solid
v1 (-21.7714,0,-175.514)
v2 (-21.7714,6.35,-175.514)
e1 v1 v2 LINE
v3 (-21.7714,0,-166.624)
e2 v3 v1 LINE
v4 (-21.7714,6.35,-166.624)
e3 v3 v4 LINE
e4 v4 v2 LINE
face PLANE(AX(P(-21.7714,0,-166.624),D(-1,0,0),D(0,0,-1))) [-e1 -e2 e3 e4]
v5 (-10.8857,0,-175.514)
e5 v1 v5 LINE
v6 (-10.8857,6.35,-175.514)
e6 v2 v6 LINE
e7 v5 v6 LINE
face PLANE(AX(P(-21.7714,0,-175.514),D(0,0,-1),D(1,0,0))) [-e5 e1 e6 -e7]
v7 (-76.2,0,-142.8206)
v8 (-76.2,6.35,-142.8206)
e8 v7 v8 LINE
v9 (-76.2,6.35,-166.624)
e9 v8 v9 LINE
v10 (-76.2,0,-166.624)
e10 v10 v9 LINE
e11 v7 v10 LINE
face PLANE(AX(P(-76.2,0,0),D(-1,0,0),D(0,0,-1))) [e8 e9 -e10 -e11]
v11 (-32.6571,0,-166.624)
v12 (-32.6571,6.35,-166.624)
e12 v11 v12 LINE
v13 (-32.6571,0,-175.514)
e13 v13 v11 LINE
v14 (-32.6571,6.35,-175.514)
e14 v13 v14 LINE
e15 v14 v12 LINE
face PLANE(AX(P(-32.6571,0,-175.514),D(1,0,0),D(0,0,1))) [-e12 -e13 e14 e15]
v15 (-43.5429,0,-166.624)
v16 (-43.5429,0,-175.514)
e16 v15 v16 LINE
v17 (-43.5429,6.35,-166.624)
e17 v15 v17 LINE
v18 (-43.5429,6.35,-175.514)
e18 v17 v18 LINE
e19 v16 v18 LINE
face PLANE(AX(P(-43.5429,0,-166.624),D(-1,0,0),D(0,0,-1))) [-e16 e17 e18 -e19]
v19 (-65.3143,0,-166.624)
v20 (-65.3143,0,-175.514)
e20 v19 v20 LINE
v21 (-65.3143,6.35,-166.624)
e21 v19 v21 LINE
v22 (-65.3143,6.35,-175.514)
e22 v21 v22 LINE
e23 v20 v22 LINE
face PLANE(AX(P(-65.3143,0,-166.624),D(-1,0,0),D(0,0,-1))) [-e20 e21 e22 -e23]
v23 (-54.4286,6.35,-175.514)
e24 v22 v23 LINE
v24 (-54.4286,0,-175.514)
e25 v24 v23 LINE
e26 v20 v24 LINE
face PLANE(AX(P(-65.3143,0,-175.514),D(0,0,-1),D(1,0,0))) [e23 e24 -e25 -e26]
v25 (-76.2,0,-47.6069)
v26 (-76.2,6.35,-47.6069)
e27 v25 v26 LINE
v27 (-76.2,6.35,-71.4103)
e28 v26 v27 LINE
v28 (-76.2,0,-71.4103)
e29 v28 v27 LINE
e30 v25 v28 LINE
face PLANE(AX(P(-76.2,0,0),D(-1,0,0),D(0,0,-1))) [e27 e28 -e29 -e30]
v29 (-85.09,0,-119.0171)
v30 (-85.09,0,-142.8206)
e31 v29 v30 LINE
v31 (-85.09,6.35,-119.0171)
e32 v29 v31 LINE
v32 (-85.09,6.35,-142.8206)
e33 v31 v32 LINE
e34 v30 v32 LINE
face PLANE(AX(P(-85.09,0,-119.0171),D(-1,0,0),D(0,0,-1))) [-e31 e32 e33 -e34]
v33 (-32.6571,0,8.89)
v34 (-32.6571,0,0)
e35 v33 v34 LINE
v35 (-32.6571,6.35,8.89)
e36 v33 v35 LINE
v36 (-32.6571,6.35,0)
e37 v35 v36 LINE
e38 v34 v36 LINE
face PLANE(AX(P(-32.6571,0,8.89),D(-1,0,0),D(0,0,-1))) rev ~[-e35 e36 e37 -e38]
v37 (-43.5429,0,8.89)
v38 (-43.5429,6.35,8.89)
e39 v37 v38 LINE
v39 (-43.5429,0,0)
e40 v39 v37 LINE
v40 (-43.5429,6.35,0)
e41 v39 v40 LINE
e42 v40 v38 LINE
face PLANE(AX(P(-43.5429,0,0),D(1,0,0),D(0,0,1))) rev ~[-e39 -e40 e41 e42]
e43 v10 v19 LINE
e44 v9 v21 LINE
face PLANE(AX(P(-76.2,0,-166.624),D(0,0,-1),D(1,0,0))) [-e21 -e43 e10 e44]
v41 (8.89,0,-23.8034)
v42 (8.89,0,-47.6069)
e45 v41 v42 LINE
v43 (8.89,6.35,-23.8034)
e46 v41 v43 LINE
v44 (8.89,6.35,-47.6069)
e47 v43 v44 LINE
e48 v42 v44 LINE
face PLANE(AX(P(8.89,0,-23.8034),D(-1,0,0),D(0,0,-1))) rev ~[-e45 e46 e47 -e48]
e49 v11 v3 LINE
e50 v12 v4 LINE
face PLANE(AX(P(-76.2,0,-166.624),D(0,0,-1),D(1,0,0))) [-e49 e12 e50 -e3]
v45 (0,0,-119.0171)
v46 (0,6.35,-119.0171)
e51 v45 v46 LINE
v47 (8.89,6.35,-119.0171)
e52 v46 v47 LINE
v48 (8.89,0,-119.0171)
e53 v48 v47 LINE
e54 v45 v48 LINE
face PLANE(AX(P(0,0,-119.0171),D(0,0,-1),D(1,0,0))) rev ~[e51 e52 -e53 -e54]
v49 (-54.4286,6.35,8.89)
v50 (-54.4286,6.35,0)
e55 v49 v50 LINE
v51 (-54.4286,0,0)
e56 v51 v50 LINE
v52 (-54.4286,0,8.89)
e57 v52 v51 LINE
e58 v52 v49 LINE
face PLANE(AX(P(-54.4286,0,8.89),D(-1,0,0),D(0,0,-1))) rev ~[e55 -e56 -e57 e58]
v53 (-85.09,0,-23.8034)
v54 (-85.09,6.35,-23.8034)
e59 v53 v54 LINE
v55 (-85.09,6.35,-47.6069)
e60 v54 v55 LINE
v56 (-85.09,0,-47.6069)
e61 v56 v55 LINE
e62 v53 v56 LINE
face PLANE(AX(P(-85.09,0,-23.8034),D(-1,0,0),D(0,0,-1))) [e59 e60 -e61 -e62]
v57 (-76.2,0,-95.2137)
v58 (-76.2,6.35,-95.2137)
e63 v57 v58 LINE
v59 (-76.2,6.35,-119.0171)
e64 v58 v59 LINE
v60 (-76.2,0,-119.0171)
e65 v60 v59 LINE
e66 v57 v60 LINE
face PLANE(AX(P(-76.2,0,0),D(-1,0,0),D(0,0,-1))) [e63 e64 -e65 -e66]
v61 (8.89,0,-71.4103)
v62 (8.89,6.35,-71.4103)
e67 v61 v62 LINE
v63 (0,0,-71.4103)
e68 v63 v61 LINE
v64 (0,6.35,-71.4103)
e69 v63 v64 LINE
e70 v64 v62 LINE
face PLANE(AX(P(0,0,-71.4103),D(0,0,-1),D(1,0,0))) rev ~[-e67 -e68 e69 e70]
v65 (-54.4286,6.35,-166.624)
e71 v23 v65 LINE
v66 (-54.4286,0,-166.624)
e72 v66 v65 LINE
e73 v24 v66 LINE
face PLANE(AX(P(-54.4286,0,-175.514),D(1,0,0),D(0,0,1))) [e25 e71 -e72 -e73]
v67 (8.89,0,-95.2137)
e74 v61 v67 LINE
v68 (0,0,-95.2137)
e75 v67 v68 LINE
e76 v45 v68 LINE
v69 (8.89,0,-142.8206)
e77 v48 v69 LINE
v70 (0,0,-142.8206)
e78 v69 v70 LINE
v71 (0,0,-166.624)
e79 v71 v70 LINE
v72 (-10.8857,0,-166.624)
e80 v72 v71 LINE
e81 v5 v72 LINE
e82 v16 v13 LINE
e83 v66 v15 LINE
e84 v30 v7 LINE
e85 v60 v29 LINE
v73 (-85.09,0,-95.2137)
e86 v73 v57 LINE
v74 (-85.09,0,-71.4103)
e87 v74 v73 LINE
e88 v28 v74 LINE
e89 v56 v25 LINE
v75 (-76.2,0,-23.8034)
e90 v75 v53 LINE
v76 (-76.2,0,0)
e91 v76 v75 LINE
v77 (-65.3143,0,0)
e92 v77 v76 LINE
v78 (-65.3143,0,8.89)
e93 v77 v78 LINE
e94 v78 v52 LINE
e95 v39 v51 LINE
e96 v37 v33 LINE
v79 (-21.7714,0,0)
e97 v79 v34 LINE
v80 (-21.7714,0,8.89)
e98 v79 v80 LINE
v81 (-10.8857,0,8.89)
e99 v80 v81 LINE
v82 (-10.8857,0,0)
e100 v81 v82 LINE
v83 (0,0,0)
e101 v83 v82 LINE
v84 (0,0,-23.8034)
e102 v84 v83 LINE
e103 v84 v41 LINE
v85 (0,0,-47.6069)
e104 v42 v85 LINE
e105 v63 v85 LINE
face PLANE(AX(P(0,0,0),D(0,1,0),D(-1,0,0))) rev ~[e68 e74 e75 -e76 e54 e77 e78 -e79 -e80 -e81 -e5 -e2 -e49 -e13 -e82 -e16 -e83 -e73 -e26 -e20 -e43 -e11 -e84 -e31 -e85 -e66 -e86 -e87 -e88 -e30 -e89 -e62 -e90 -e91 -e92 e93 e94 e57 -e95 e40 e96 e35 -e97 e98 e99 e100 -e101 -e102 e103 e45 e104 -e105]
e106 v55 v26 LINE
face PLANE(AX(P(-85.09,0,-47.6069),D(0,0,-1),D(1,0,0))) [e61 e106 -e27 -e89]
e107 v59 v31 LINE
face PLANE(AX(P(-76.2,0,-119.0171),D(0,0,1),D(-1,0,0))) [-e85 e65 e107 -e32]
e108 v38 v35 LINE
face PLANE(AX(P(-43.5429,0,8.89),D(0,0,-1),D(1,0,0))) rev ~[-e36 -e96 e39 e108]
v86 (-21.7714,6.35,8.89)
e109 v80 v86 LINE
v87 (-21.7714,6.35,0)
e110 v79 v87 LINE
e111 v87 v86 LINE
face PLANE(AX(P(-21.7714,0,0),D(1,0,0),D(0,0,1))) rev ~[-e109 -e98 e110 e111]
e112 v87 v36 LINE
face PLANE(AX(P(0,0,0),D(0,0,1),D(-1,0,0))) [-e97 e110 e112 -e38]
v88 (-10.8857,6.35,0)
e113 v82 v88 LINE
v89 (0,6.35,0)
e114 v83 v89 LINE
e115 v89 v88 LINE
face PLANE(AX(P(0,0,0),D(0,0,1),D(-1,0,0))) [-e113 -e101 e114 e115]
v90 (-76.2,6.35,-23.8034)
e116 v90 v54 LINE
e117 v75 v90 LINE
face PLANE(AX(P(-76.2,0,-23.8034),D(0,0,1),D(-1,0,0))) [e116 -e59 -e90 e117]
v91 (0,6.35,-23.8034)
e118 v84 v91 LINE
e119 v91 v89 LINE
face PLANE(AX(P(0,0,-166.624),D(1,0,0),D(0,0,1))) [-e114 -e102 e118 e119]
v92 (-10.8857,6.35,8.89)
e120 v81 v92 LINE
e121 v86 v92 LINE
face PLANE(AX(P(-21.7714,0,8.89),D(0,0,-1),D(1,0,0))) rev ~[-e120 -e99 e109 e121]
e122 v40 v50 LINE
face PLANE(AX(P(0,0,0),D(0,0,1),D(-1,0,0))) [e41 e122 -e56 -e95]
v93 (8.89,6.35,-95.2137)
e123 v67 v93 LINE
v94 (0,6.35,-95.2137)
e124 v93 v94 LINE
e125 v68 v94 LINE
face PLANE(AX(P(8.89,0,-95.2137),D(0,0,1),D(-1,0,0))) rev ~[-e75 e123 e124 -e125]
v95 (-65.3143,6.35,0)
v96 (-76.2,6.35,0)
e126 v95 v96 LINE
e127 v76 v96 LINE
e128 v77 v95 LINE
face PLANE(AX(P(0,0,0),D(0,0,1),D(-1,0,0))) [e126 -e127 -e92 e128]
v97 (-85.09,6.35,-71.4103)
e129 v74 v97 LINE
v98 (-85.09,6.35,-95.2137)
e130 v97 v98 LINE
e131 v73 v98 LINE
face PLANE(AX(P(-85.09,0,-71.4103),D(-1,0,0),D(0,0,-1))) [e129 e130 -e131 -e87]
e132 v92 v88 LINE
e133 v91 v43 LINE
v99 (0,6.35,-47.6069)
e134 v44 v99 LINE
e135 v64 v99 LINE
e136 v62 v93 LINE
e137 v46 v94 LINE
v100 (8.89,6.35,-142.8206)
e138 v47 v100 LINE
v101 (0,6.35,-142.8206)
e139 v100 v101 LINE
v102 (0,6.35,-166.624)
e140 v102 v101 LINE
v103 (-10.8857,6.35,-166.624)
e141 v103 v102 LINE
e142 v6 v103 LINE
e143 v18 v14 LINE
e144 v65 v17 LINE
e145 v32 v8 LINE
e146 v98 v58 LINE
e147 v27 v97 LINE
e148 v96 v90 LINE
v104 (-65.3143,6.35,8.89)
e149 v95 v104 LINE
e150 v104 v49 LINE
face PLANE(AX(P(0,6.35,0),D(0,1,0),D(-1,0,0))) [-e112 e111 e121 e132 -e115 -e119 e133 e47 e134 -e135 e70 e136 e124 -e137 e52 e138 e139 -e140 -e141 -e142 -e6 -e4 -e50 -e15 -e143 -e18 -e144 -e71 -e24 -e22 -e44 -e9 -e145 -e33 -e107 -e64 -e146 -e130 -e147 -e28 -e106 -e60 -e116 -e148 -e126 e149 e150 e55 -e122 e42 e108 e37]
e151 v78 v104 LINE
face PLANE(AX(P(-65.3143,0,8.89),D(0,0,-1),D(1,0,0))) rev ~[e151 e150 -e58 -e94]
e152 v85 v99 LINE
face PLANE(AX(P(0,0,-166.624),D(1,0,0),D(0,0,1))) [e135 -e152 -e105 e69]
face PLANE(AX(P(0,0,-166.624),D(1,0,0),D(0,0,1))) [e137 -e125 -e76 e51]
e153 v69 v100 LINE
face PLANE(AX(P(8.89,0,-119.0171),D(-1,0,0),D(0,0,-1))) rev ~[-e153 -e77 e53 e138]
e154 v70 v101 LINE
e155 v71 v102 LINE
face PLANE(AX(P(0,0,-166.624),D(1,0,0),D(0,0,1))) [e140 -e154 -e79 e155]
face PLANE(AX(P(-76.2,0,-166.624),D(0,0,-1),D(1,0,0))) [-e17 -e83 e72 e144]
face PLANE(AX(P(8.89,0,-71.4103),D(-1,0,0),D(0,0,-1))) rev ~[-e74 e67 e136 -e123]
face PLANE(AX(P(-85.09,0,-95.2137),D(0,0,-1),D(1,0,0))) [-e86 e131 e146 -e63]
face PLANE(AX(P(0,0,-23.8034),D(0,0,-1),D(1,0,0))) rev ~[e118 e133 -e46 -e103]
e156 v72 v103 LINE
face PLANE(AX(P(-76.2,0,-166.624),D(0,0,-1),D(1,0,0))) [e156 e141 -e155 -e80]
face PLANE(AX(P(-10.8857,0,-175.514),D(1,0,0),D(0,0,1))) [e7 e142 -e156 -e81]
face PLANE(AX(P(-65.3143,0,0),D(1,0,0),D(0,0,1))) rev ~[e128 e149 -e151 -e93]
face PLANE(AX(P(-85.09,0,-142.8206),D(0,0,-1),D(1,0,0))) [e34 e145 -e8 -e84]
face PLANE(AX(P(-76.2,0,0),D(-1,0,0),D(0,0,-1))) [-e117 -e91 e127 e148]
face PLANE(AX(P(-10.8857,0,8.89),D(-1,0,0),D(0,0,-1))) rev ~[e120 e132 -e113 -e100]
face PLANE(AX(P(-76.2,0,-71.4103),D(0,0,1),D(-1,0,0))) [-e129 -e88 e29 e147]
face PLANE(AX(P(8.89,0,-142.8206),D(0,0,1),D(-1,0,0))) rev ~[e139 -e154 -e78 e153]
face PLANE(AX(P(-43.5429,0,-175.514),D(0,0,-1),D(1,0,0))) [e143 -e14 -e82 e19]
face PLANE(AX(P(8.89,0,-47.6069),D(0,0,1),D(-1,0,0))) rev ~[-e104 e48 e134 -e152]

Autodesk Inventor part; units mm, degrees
ref_plane "YZ Plane" through (0, 0, 0) normal (1, 0, 0) x (0, 1, 0)
ref_plane "XZ Plane" through (0, 0, 0) normal (0, 1, 0) x (-1, 0, 0)
ref_plane "XY Plane" through (0, 0, 0) normal (0, 0, 1) x (1, 0, 0)
sketch "Sketch1" plane through (0, 0, 0) normal (0, 1, 0) x (-1, 0, 0)
  point P0 (0, 0)
sketch "Sketch2" plane through (0, 0, 0) normal (0, 1, 0) x (-1, 0, 0)
  line L0 (0, 0) -> (76.2, 0)
  line L1 (76.2, 0) -> (76.2, -166.624)
  line L2 (76.2, -166.624) -> (0, -166.624)
  line L3 (0, -166.624) -> (0, 0)
  dimension "BaseLength" = 76.2
  dimension "BaseWidth" = 166.624
extrude "Base Extrusion" add sketch "Sketch2" along normal blind 6.35
sketch "Sketch3" plane through (0, 0, 0) normal (0, 1, 0) x (-1, 0, 0)
  line L0 (76.2, 0) -> (0, 0) projected
  line L1 (0, 0) -> (0, -166.624) projected
  line L2 (0, -166.624) -> (76.2, -166.624) projected
  line L3 (76.2, -166.624) -> (76.2, 0) projected
  line L4 (10.8857, 0) -> (21.7714, 0)
  line L5 (21.7714, 0) -> (21.7714, 8.89)
  line L6 (21.7714, 8.89) -> (10.8857, 8.89)
  line L7 (10.8857, 8.89) -> (10.8857, 0)
  line L8 (32.6571, 0) -> (43.5429, 0)
  line L9 (43.5429, 0) -> (43.5429, 8.89)
  line L10 (43.5429, 8.89) -> (32.6571, 8.89)
  line L11 (32.6571, 8.89) -> (32.6571, 0)
  line L12 (54.4286, 0) -> (65.3143, 0)
  line L13 (65.3143, 0) -> (65.3143, 8.89)
  line L14 (65.3143, 8.89) -> (54.4286, 8.89)
  line L15 (54.4286, 8.89) -> (54.4286, 0)
  line L16 (76.2, -83.312) -> (0, -83.312) construction
  line L17 (76.2, -166.624) -> (0, -166.624)
  line L18 (10.8857, -166.624) -> (21.7714, -166.624)
  line L19 (21.7714, -166.624) -> (21.7714, -175.514)
  line L20 (21.7714, -175.514) -> (10.8857, -175.514)
  line L21 (10.8857, -175.514) -> (10.8857, -166.624)
  line L22 (43.5429, -166.624) -> (43.5429, -175.514)
  line L23 (43.5429, -175.514) -> (32.6571, -175.514)
  line L24 (32.6571, -175.514) -> (32.6571, -166.624)
  line L25 (32.6571, -166.624) -> (43.5429, -166.624)
  line L26 (65.3143, -166.624) -> (65.3143, -175.514)
  line L27 (65.3143, -175.514) -> (54.4286, -175.514)
  line L28 (54.4286, -175.514) -> (54.4286, -166.624)
  line L29 (54.4286, -166.624) -> (65.3143, -166.624)
  line L30 (38.1, 0) -> (38.1, -166.624) construction
  line L31 (0, -23.8034) -> (-8.89, -23.8034)
  line L32 (-8.89, -23.8034) -> (-8.89, -47.6069)
  line L33 (-8.89, -47.6069) -> (0, -47.6069)
  line L34 (0, -47.6069) -> (0, -23.8034)
  line L35 (0, -71.4103) -> (-8.89, -71.4103)
  line L36 (-8.89, -71.4103) -> (-8.89, -95.2137)
  line L37 (-8.89, -95.2137) -> (0, -95.2137)
  line L38 (0, -95.2137) -> (0, -71.4103)
  line L39 (0, -119.0171) -> (-8.89, -119.0171)
  line L40 (-8.89, -119.0171) -> (-8.89, -142.8206)
  line L41 (-8.89, -142.8206) -> (0, -142.8206)
  line L42 (0, -142.8206) -> (0, -119.0171)
  line L43 (76.2, 0) -> (76.2, -166.624)
  line L44 (76.2, -23.8034) -> (85.09, -23.8034)
  line L45 (85.09, -23.8034) -> (85.09, -47.6069)
  line L46 (85.09, -47.6069) -> (76.2, -47.6069)
  line L47 (76.2, -47.6069) -> (76.2, -23.8034)
  line L48 (76.2, -71.4103) -> (85.09, -71.4103)
  line L49 (85.09, -71.4103) -> (85.09, -95.2137)
  line L50 (85.09, -95.2137) -> (76.2, -95.2137)
  line L51 (76.2, -95.2137) -> (76.2, -71.4103)
  line L52 (76.2, -119.0171) -> (85.09, -119.0171)
  line L53 (85.09, -119.0171) -> (85.09, -142.8206)
  line L54 (85.09, -142.8206) -> (76.2, -142.8206)
  line L55 (76.2, -142.8206) -> (76.2, -119.0171)
  dimension "d4" = 10.8857
  dimension "d5" = 8.89
  dimension "PerpSpace" = 10.8857
  dimension "d7" = 10.8857
  dimension "d8" = 8.89
  dimension "PerpB" = 10.8857
  dimension "PerpA" = 8.89
  dimension "d11" = 10.8857
  dimension "d13" = 10.8857
  dimension "d14" = 76.2
  dimension "WallConSpace" = 23.8034
  dimension "d16" = 166.624
  dimension "WallConA" = 8.89
  dimension "WallConB" = 23.8034
  dimension "d19" = 8.89
  dimension "d20" = 23.8034
  dimension "d21" = 8.89
  dimension "d22" = 23.8034
  dimension "d23" = 23.8034
  dimension "d24" = 23.8034
extrude "Connections" add sketch "Sketch3" along normal blind 6.35 contours L0 L15 L14 L13 | L44 L45 L46 L3 | L0 L11 L10 L9 | L48 L49 L50 L3 | L0 L7 L6 L5 | L52 L53 L54 L3 | L1 L33 L32 L31 | L26 L27 L28 L2 | L1 L37 L36 L35 | L22 L23 L24 L2 | L1 L41 L40 L39 | L19 L20 L21 L2
sketch "Notes" plane through (0, 6.35, 0) normal (0, 1, 0) x (1, 0, 0)
  line L0 (-72.1433, 48.3233) -> (-72.1433, 70.3861) construction
  line L1 (-72.1433, 70.3861) -> (-23.5271, 70.3861) construction
  line L2 (-23.5271, 70.3861) -> (-23.5271, 48.3233) construction
  line L3 (-23.5271, 48.3233) -> (-72.1433, 48.3233) construction
  point P0 (0, 0)
sketch "Sketch5" plane through (0, 6.35, 0) normal (0, 1, 0) x (1, 0, 0)
  line L0 (-76.2, 0) -> (-65.3143, 0) projected
  line L1 (-65.3143, 0) -> (-65.3143, -8.89) projected
  line L2 (-65.3143, -8.89) -> (-54.4286, -8.89) projected
  line L3 (-54.4286, -8.89) -> (-54.4286, 0) projected
  line L4 (-54.4286, 0) -> (-43.5429, 0) projected
  line L5 (-43.5429, 0) -> (-43.5429, -8.89) projected
  line L6 (-43.5429, -8.89) -> (-32.6571, -8.89) projected
  line L7 (-32.6571, -8.89) -> (-32.6571, 0) projected
  line L8 (-32.6571, 0) -> (-21.7714, 0) projected
  line L9 (-21.7714, 0) -> (-21.7714, -8.89) projected
  line L10 (-21.7714, -8.89) -> (-10.8857, -8.89) projected
  line L11 (-10.8857, -8.89) -> (-10.8857, 0) projected
  line L12 (-10.8857, 0) -> (0, 0) projected
  line L13 (0, 0) -> (0, 23.8034) projected
  line L14 (0, 23.8034) -> (8.89, 23.8034) projected
  line L15 (8.89, 23.8034) -> (8.89, 47.6069) projected
  line L16 (8.89, 47.6069) -> (0, 47.6069) projected
  line L17 (0, 47.6069) -> (0, 71.4103) projected
  line L18 (0, 71.4103) -> (8.89, 71.4103) projected
  line L19 (8.89, 71.4103) -> (8.89, 95.2137) projected
  line L20 (8.89, 95.2137) -> (0, 95.2137) projected
  line L21 (0, 95.2137) -> (0, 119.0171) projected
  line L22 (0, 119.0171) -> (8.89, 119.0171) projected
  line L23 (8.89, 119.0171) -> (8.89, 142.8206) projected
  line L24 (8.89, 142.8206) -> (0, 142.8206) projected
  line L25 (0, 142.8206) -> (0, 166.624) projected
  line L26 (0, 166.624) -> (-10.8857, 166.624) projected
  line L27 (-10.8857, 166.624) -> (-10.8857, 175.514) projected
  line L28 (-10.8857, 175.514) -> (-21.7714, 175.514) projected
  line L29 (-21.7714, 175.514) -> (-21.7714, 166.624) projected
  line L30 (-21.7714, 166.624) -> (-32.6571, 166.624) projected
  line L31 (-32.6571, 166.624) -> (-32.6571, 175.514) projected
  line L32 (-32.6571, 175.514) -> (-43.5429, 175.514) projected
  line L33 (-43.5429, 175.514) -> (-43.5429, 166.624) projected
  line L34 (-43.5429, 166.624) -> (-54.4286, 166.624) projected
  line L35 (-54.4286, 166.624) -> (-54.4286, 175.514) projected
  line L36 (-54.4286, 175.514) -> (-65.3143, 175.514) projected
  line L37 (-65.3143, 175.514) -> (-65.3143, 166.624) projected
  line L38 (-65.3143, 166.624) -> (-76.2, 166.624) projected
  line L39 (-76.2, 166.624) -> (-76.2, 142.8206) projected
  line L40 (-76.2, 142.8206) -> (-85.09, 142.8206) projected
  line L41 (-85.09, 142.8206) -> (-85.09, 119.0171) projected
  line L42 (-85.09, 119.0171) -> (-76.2, 119.0171) projected
  line L43 (-76.2, 119.0171) -> (-76.2, 95.2137) projected
  line L44 (-76.2, 95.2137) -> (-85.09, 95.2137) projected
  line L45 (-85.09, 95.2137) -> (-85.09, 71.4103) projected
  line L46 (-85.09, 71.4103) -> (-76.2, 71.4103) projected
  line L47 (-76.2, 71.4103) -> (-76.2, 47.6069) projected
  line L48 (-76.2, 47.6069) -> (-85.09, 47.6069) projected
  line L49 (-85.09, 47.6069) -> (-85.09, 23.8034) projected
  line L50 (-85.09, 23.8034) -> (-76.2, 23.8034) projected
  line L51 (-76.2, 23.8034) -> (-76.2, 0) projected
equation "\"d4\" = 0.142857 * d14"
equation "\"PerpSpace\" = -0.75 * d4 + 0.25 * d14"
equation "\"d7\" = d4"
equation "\"d8\" = d5"
equation "\"PerpB\" = d4"
equation "\"PerpA\" = d5"
equation "\"d11\" = PerpSpace"
equation "\"d13\" = PerpSpace"
equation "\"WallConSpace\" = -0.75 * WallConB + 0.25 * d16"
equation "\"WallConB\" = 0.142857 * d16"
equation "\"d19\" = WallConA"
equation "\"d20\" = WallConB"
equation "\"d21\" = WallConA"
equation "\"d22\" = WallConB"
equation "\"d23\" = WallConSpace"
equation "\"d24\" = WallConSpace"
properties part number "Base"
